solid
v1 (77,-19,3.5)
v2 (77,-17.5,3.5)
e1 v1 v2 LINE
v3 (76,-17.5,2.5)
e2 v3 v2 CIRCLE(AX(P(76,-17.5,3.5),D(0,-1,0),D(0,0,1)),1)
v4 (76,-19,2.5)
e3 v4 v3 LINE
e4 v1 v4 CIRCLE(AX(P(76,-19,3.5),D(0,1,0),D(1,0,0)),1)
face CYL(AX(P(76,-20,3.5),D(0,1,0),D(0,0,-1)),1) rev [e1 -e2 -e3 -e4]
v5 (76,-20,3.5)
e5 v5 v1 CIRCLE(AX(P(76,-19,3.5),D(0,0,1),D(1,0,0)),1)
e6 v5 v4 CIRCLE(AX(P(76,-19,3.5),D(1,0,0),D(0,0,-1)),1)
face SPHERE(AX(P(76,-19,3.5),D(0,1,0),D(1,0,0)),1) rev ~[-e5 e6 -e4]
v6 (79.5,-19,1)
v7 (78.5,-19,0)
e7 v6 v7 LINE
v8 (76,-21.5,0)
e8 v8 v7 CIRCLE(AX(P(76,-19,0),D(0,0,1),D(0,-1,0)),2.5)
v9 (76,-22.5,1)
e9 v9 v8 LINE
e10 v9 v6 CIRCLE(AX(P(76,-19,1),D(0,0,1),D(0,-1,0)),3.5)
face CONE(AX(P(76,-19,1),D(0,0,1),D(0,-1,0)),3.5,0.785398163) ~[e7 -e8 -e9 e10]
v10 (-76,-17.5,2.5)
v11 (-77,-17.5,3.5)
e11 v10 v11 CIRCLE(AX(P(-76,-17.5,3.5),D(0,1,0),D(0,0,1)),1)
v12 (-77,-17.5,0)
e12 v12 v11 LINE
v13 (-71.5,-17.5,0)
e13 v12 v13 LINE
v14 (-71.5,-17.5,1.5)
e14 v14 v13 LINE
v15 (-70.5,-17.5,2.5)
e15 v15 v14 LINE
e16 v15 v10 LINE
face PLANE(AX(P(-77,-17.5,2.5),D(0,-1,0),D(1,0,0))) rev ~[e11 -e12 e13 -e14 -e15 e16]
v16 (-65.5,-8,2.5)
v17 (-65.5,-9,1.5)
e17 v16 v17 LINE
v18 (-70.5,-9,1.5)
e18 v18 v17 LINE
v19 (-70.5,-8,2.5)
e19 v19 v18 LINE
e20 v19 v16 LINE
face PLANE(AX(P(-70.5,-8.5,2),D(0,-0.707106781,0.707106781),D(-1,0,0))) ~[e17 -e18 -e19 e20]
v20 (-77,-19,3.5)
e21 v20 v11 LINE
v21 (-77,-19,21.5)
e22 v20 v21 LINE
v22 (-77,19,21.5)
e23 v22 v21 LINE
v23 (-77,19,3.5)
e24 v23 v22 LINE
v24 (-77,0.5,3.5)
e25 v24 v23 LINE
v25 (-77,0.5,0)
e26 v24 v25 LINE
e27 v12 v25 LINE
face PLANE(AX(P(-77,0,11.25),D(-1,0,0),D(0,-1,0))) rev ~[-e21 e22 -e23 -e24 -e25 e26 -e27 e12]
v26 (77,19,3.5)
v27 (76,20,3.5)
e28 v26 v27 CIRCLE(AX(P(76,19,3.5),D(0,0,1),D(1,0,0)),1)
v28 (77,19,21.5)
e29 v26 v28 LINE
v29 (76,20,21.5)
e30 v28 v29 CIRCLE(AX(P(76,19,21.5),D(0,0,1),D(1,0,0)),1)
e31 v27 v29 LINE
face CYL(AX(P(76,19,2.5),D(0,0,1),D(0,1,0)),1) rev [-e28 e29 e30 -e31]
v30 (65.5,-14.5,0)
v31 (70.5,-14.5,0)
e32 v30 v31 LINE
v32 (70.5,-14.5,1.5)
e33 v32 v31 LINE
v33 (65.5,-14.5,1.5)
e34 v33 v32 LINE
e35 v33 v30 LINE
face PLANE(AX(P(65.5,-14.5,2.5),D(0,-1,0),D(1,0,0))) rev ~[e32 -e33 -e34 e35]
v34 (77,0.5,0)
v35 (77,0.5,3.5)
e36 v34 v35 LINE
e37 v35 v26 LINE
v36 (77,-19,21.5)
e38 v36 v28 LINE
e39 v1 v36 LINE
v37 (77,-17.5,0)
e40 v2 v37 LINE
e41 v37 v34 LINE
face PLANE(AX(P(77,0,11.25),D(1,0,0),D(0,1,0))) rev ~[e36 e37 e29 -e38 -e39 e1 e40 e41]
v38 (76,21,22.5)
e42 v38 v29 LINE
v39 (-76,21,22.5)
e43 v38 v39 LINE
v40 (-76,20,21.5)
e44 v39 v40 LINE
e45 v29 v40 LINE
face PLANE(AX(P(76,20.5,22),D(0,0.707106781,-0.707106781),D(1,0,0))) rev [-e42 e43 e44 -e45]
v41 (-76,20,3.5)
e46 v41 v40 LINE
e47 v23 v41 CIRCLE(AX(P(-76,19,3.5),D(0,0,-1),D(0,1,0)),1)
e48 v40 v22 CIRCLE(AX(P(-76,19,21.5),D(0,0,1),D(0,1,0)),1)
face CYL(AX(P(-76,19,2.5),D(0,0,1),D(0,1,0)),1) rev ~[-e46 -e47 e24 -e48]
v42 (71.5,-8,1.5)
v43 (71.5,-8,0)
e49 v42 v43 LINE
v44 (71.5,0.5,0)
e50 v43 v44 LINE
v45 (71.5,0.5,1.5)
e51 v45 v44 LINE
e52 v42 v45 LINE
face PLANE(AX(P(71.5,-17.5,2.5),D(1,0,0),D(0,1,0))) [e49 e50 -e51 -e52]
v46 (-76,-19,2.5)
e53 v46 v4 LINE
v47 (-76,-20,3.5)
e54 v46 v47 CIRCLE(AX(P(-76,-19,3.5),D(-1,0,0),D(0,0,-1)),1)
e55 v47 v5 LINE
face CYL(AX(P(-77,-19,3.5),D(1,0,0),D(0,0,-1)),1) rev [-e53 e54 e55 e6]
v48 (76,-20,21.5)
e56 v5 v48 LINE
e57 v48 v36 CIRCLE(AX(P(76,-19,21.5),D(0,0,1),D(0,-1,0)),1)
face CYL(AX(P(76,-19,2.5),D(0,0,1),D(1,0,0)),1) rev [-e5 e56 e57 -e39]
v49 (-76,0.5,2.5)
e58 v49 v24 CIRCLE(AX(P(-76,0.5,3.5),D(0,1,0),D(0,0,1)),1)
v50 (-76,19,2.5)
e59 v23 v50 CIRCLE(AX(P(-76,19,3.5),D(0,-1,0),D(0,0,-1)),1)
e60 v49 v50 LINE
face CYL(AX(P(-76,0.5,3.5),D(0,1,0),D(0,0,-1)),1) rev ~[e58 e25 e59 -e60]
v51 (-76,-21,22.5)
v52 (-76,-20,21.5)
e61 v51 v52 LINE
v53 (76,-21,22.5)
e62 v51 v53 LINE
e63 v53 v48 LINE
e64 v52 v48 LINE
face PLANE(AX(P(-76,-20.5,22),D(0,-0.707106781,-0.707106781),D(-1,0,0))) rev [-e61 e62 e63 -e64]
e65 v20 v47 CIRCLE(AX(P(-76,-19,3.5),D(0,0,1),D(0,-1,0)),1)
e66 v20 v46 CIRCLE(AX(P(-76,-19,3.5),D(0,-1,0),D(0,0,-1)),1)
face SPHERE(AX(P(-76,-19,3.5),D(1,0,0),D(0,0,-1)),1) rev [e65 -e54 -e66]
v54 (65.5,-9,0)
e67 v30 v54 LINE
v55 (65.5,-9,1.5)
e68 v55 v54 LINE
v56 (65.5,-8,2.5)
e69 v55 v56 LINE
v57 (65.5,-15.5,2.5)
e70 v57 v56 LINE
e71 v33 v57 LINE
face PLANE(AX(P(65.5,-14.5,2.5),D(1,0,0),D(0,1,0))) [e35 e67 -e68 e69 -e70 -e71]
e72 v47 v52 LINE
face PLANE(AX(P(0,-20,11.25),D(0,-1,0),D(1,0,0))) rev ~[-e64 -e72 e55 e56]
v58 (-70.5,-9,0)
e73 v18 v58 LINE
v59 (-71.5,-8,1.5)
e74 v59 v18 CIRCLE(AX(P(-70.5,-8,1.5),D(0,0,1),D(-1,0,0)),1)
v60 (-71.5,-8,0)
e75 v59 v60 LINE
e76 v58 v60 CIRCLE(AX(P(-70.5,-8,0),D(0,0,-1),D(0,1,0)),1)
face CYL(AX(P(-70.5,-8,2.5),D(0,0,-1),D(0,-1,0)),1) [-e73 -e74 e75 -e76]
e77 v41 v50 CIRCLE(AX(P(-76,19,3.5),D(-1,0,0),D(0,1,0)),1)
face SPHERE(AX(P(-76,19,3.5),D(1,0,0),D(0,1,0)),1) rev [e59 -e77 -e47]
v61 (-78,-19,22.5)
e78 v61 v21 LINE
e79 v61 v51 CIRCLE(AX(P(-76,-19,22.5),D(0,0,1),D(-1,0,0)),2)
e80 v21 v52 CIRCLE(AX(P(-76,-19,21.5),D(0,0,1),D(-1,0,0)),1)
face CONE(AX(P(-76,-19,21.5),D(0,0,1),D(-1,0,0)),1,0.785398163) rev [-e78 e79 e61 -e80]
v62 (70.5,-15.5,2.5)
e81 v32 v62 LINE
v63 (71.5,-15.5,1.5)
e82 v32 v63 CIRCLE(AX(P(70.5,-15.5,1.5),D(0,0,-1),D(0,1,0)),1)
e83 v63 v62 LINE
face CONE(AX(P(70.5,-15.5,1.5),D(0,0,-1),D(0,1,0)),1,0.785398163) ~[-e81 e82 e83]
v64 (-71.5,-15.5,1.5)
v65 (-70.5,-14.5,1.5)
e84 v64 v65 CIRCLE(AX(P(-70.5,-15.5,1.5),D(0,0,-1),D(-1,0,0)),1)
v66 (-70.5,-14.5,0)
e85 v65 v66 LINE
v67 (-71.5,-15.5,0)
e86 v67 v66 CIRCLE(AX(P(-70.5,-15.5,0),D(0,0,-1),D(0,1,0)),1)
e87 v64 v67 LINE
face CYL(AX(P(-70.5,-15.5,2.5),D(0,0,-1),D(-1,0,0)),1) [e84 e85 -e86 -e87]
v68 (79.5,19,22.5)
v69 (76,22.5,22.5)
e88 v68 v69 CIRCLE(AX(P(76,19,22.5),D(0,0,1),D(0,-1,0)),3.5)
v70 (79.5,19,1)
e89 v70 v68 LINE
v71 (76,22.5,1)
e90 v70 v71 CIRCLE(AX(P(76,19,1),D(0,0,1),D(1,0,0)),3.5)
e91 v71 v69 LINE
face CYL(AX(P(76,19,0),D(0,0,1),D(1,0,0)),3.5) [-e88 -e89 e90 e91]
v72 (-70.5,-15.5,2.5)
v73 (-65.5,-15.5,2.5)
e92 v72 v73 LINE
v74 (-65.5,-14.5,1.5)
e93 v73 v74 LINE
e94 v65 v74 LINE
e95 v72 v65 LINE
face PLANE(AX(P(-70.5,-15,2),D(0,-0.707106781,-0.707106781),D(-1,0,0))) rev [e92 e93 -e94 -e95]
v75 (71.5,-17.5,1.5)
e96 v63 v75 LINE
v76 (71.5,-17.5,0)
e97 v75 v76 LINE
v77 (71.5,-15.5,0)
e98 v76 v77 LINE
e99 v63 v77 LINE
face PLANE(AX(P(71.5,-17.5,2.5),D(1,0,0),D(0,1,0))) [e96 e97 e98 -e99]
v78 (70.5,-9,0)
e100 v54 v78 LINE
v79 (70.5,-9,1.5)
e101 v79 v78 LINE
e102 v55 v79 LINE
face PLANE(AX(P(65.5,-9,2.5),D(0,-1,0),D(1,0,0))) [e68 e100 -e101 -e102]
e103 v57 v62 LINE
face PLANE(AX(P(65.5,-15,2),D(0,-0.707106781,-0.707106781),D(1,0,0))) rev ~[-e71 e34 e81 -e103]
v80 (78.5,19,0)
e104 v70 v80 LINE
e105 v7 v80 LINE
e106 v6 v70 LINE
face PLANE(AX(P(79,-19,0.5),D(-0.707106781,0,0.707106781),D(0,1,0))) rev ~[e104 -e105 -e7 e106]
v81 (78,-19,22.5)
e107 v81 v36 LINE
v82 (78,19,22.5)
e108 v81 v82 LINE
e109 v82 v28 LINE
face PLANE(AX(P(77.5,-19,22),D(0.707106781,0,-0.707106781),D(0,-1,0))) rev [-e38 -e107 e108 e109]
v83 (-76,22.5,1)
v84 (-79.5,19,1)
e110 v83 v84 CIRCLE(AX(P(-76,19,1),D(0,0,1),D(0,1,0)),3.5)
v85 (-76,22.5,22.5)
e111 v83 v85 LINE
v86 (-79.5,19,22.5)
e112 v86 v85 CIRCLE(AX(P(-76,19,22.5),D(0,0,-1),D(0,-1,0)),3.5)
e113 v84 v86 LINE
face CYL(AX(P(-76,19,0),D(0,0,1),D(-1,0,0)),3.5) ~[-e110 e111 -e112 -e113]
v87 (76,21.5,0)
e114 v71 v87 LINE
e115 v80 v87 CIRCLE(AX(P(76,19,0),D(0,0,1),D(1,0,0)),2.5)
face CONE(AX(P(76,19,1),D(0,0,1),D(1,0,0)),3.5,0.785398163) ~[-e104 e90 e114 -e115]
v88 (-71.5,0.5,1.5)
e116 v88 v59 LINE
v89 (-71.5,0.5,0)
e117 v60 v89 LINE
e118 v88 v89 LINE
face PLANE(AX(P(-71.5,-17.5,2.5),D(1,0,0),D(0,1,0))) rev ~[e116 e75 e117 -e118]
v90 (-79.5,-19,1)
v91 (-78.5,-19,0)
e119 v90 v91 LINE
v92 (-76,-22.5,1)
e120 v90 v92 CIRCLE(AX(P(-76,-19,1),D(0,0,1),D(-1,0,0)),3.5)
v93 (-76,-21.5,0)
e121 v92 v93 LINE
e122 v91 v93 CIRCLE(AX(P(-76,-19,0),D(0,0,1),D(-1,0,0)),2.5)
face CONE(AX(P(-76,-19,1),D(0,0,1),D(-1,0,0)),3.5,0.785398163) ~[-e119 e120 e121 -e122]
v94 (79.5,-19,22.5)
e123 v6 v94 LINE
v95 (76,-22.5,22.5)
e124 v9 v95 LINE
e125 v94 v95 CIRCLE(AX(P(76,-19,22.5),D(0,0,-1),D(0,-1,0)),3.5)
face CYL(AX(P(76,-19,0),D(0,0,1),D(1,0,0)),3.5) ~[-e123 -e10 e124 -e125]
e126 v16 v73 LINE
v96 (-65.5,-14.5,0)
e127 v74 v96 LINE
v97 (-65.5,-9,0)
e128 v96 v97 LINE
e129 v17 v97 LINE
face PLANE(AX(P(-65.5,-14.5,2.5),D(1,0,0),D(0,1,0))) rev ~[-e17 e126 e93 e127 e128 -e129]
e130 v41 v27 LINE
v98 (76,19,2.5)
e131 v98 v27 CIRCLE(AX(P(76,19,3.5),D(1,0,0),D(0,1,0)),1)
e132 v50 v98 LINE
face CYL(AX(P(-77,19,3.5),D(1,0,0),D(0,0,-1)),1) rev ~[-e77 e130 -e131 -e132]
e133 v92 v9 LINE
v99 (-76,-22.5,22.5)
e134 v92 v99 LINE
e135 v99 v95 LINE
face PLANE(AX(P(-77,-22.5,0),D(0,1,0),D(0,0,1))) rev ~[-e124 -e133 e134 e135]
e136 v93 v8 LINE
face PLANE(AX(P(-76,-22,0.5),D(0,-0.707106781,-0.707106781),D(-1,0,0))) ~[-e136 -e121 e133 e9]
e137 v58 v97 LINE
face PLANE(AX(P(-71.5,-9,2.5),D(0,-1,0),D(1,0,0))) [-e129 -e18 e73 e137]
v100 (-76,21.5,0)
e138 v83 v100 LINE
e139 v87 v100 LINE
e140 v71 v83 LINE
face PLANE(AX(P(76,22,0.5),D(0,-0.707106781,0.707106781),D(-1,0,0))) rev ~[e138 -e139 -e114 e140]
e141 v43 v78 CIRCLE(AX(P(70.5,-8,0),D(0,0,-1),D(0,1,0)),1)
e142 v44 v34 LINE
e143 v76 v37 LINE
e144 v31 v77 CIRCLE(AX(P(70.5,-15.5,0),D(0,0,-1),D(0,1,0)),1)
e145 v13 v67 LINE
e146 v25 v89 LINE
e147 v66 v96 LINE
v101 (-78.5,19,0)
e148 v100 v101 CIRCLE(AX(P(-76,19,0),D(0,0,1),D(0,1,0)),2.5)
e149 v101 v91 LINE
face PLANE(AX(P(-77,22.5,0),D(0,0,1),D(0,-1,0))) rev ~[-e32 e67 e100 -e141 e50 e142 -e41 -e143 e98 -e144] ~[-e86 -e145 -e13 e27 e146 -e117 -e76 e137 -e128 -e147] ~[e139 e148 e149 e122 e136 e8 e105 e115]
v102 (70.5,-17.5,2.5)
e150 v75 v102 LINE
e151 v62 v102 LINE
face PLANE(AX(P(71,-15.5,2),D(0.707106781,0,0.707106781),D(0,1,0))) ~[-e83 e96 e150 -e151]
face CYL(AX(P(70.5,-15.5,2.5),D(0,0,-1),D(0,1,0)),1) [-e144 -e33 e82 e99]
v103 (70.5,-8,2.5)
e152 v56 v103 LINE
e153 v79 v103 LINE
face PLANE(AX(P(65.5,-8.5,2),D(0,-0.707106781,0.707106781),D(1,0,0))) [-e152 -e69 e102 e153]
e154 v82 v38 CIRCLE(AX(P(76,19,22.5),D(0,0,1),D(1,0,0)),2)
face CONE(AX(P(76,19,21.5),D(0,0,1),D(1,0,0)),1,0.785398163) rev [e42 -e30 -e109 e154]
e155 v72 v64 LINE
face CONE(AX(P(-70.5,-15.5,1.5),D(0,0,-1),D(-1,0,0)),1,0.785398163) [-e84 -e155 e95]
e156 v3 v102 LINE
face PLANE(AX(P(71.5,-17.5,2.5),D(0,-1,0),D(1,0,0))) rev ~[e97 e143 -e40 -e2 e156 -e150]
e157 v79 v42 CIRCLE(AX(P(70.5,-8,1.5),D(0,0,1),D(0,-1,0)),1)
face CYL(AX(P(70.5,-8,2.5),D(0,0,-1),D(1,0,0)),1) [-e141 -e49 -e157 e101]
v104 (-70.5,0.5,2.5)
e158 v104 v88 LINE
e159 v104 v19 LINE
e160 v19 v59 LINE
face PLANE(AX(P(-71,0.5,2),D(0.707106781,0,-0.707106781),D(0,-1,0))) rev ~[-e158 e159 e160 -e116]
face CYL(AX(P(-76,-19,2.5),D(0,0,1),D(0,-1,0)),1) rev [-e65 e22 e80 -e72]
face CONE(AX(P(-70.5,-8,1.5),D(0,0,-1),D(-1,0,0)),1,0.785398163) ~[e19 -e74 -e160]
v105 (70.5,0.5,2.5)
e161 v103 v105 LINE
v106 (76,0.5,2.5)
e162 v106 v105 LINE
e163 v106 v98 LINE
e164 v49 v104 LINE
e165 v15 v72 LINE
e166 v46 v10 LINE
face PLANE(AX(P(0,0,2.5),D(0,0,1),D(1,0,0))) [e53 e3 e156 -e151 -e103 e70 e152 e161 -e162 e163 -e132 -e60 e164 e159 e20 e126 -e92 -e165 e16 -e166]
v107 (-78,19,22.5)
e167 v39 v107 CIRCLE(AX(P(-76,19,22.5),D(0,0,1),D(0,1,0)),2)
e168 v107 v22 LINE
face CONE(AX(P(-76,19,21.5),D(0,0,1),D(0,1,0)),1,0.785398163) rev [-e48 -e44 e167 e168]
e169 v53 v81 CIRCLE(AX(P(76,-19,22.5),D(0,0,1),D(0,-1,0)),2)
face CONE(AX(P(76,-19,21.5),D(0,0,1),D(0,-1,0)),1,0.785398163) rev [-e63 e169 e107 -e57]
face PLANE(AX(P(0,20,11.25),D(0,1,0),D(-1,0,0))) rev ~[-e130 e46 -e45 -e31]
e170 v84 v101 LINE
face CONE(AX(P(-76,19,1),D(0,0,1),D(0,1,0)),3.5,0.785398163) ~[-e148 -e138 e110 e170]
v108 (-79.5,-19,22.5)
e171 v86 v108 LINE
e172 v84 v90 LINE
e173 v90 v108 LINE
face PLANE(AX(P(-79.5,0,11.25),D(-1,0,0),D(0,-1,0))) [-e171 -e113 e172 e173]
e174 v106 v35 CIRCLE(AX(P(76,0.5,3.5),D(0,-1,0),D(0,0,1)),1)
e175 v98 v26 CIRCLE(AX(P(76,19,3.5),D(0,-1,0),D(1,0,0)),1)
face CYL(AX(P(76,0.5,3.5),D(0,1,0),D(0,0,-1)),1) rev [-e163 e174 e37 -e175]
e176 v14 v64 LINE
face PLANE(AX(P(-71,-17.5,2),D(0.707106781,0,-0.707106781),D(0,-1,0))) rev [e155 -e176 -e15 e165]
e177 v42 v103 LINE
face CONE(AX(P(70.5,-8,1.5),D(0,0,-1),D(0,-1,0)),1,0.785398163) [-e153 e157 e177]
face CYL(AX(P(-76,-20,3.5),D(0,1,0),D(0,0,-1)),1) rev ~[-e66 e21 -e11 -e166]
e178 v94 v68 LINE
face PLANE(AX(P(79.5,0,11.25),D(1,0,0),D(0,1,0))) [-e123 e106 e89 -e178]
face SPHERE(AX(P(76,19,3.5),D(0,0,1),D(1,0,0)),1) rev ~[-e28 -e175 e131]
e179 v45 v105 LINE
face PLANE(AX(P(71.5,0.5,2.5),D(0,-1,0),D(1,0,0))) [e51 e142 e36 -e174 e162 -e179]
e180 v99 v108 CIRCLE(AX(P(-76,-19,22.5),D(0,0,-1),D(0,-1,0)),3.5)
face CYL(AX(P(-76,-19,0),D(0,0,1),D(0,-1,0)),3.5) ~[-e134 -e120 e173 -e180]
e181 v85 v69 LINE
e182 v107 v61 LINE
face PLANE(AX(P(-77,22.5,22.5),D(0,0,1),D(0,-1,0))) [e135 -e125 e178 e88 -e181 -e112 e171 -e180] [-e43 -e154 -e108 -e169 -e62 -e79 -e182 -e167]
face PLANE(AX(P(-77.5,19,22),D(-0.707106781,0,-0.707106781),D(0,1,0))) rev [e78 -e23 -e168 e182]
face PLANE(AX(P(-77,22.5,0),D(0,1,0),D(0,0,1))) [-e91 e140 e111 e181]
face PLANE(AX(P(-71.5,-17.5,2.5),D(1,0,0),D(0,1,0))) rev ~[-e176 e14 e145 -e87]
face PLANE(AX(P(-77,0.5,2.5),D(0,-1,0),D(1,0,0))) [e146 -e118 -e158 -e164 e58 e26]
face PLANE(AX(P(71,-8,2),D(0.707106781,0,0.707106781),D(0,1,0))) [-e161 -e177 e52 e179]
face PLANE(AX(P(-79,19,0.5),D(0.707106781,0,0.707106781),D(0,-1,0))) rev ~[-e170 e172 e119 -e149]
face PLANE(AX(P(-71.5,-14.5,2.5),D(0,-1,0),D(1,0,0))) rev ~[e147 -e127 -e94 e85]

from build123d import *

# Parameters (mm, degrees)
SKETCH_W        = 154
SKETCH_H        = 40
PAD_DEPTH       = 2.5
SKETCH001_W     = 154
SKETCH001_H     = 22.5
PAD001_DEPTH    = 2.5
SKETCH002_W     = 154
SKETCH002_H     = 22.5
PAD002_DEPTH    = 2.5
SKETCH003_W     = 45
SKETCH003_H     = 22.5
PAD003_DEPTH    = 2.5
SKETCH004_W     = 45
SKETCH004_H     = 22.5
PAD004_DEPTH    = 2.5
SKETCH005_W     = 5.5
SKETCH005_H     = 18
POCKET_DEPTH    = 5
SKETCH006_W     = 6
SKETCH006_H     = 5.5
POCKET001_DEPTH = 5
FILLET_R        = 1
CHAMFER_SIZE    = 1
FILLET001_R     = 1
CHAMFER001_SIZE = 1
FILLET002_R     = 1
FILLET003_R     = 3.5
CHAMFER002_SIZE = 1
CHAMFER003_SIZE = 1


with BuildPart() as part:
    # Sketch → Pad (new body)
    with BuildSketch(Plane.XY):
        Rectangle(SKETCH_W, SKETCH_H)
    extrude(amount=PAD_DEPTH)

    # Sketch001 (on Face2 of Pad) → Pad001 (join)
    with BuildSketch(Plane.XZ.offset(20)):
        with Locations((0, 11.25)):
            Rectangle(SKETCH001_W, SKETCH001_H)
    extrude(amount=PAD001_DEPTH)

    # Sketch002 (on Face1 of Pad001) → Pad002 (join)
    with BuildSketch(Plane(origin=(0, 20, 0), x_dir=(-1, 0, 0), z_dir=(0, 1, 0))):
        with Locations((0, 11.25)):
            Rectangle(SKETCH002_W, SKETCH002_H)
    extrude(amount=PAD002_DEPTH)

    # Sketch003 (on Face9 of Pad002) → Pad003 (join)
    with BuildSketch(Plane.YZ.offset(77)):
        with Locations((0, 11.25)):
            Rectangle(SKETCH003_W, SKETCH003_H)
    extrude(amount=PAD003_DEPTH)

    # Sketch004 (on Face4 of Pad003) → Pad004 (join)
    with BuildSketch(Plane(origin=(-77, 0, 0), x_dir=(0, -1, 0), z_dir=(-1, 0, 0))):
        with Locations((0, 11.25)):
            Rectangle(SKETCH004_W, SKETCH004_H)
    extrude(amount=PAD004_DEPTH)

    # Sketch005 (on Face10 of Pad004) → Pocket (cut)
    with BuildSketch(Plane.XY.offset(2.5)):
        with Locations((-74.25, -8.5)):
            Rectangle(SKETCH005_W, SKETCH005_H)
        with Locations((74.25, -8.5)):
            Rectangle(SKETCH005_W, SKETCH005_H)
    extrude(amount=-POCKET_DEPTH, mode=Mode.SUBTRACT)

    # Sketch006 (on Face15 of Pocket) → Pocket001 (cut)
    with BuildSketch(Plane.XY.offset(2.5)):
        with Locations((-68.5, -11.75)):
            Rectangle(SKETCH006_W, SKETCH006_H)
        with Locations((68.5, -11.75)):
            Rectangle(SKETCH006_W, SKETCH006_H)
    extrude(amount=-POCKET001_DEPTH, mode=Mode.SUBTRACT)

    # Fillet
    fillet_edges = [part.edges().sort_by_distance(p)[0] for p in [
        (71.5, -9, 1.25),
        (71.5, -14.5, 1.25),
    ]]
    fillet(fillet_edges, radius=FILLET_R)

    # Chamfer
    chamfer_edges = [part.edges().sort_by_distance(p)[0] for p in [
        (68, -9, 2.5),
        (68, -14.5, 2.5),
    ]]
    chamfer(chamfer_edges, length=CHAMFER_SIZE)

    # Fillet001
    fillet001_edges = [part.edges().sort_by_distance(p)[0] for p in [
        (-71.5, -14.5, 1.25),
        (-71.5, -9, 1.25),
    ]]
    fillet(fillet001_edges, radius=FILLET001_R)

    # Chamfer001
    chamfer001_edges = [part.edges().sort_by_distance(p)[0] for p in [
        (-68, -14.5, 2.5),
        (-68, -9, 2.5),
    ]]
    chamfer(chamfer001_edges, length=CHAMFER001_SIZE)

    # Fillet002
    fillet002_edges = [part.edges().sort_by_distance(p)[0] for p in [
        (77, 20, 12.5),
        (77, 10.25, 2.5),
        (0, 20, 2.5),
        (77, -18.75, 2.5),
        (77, -20, 12.5),
        (0, -20, 2.5),
        (-77, 20, 12.5),
        (-77, 10.25, 2.5),
        (-77, -18.75, 2.5),
        (-77, -20, 12.5),
    ]]
    fillet(fillet002_edges, radius=FILLET002_R)

    # Fillet003
    fillet003_edges = [part.edges().sort_by_distance(p)[0] for p in [
        (-79.5, 22.5, 11.25),
        (-79.5, -22.5, 11.25),
        (79.5, -22.5, 11.25),
        (79.5, 22.5, 11.25),
    ]]
    fillet(fillet003_edges, radius=FILLET003_R)

    # Chamfer002
    chamfer002_edges = [part.edges().sort_by_distance(p)[0] for p in [
        (0, 22.5, 0),
    ]]
    chamfer(chamfer002_edges, length=CHAMFER002_SIZE)

    # Chamfer003
    chamfer003_edges = [part.edges().sort_by_distance(p)[0] for p in [
        (0, 20, 22.5),
    ]]
    chamfer(chamfer003_edges, length=CHAMFER003_SIZE)


solid = part.part
